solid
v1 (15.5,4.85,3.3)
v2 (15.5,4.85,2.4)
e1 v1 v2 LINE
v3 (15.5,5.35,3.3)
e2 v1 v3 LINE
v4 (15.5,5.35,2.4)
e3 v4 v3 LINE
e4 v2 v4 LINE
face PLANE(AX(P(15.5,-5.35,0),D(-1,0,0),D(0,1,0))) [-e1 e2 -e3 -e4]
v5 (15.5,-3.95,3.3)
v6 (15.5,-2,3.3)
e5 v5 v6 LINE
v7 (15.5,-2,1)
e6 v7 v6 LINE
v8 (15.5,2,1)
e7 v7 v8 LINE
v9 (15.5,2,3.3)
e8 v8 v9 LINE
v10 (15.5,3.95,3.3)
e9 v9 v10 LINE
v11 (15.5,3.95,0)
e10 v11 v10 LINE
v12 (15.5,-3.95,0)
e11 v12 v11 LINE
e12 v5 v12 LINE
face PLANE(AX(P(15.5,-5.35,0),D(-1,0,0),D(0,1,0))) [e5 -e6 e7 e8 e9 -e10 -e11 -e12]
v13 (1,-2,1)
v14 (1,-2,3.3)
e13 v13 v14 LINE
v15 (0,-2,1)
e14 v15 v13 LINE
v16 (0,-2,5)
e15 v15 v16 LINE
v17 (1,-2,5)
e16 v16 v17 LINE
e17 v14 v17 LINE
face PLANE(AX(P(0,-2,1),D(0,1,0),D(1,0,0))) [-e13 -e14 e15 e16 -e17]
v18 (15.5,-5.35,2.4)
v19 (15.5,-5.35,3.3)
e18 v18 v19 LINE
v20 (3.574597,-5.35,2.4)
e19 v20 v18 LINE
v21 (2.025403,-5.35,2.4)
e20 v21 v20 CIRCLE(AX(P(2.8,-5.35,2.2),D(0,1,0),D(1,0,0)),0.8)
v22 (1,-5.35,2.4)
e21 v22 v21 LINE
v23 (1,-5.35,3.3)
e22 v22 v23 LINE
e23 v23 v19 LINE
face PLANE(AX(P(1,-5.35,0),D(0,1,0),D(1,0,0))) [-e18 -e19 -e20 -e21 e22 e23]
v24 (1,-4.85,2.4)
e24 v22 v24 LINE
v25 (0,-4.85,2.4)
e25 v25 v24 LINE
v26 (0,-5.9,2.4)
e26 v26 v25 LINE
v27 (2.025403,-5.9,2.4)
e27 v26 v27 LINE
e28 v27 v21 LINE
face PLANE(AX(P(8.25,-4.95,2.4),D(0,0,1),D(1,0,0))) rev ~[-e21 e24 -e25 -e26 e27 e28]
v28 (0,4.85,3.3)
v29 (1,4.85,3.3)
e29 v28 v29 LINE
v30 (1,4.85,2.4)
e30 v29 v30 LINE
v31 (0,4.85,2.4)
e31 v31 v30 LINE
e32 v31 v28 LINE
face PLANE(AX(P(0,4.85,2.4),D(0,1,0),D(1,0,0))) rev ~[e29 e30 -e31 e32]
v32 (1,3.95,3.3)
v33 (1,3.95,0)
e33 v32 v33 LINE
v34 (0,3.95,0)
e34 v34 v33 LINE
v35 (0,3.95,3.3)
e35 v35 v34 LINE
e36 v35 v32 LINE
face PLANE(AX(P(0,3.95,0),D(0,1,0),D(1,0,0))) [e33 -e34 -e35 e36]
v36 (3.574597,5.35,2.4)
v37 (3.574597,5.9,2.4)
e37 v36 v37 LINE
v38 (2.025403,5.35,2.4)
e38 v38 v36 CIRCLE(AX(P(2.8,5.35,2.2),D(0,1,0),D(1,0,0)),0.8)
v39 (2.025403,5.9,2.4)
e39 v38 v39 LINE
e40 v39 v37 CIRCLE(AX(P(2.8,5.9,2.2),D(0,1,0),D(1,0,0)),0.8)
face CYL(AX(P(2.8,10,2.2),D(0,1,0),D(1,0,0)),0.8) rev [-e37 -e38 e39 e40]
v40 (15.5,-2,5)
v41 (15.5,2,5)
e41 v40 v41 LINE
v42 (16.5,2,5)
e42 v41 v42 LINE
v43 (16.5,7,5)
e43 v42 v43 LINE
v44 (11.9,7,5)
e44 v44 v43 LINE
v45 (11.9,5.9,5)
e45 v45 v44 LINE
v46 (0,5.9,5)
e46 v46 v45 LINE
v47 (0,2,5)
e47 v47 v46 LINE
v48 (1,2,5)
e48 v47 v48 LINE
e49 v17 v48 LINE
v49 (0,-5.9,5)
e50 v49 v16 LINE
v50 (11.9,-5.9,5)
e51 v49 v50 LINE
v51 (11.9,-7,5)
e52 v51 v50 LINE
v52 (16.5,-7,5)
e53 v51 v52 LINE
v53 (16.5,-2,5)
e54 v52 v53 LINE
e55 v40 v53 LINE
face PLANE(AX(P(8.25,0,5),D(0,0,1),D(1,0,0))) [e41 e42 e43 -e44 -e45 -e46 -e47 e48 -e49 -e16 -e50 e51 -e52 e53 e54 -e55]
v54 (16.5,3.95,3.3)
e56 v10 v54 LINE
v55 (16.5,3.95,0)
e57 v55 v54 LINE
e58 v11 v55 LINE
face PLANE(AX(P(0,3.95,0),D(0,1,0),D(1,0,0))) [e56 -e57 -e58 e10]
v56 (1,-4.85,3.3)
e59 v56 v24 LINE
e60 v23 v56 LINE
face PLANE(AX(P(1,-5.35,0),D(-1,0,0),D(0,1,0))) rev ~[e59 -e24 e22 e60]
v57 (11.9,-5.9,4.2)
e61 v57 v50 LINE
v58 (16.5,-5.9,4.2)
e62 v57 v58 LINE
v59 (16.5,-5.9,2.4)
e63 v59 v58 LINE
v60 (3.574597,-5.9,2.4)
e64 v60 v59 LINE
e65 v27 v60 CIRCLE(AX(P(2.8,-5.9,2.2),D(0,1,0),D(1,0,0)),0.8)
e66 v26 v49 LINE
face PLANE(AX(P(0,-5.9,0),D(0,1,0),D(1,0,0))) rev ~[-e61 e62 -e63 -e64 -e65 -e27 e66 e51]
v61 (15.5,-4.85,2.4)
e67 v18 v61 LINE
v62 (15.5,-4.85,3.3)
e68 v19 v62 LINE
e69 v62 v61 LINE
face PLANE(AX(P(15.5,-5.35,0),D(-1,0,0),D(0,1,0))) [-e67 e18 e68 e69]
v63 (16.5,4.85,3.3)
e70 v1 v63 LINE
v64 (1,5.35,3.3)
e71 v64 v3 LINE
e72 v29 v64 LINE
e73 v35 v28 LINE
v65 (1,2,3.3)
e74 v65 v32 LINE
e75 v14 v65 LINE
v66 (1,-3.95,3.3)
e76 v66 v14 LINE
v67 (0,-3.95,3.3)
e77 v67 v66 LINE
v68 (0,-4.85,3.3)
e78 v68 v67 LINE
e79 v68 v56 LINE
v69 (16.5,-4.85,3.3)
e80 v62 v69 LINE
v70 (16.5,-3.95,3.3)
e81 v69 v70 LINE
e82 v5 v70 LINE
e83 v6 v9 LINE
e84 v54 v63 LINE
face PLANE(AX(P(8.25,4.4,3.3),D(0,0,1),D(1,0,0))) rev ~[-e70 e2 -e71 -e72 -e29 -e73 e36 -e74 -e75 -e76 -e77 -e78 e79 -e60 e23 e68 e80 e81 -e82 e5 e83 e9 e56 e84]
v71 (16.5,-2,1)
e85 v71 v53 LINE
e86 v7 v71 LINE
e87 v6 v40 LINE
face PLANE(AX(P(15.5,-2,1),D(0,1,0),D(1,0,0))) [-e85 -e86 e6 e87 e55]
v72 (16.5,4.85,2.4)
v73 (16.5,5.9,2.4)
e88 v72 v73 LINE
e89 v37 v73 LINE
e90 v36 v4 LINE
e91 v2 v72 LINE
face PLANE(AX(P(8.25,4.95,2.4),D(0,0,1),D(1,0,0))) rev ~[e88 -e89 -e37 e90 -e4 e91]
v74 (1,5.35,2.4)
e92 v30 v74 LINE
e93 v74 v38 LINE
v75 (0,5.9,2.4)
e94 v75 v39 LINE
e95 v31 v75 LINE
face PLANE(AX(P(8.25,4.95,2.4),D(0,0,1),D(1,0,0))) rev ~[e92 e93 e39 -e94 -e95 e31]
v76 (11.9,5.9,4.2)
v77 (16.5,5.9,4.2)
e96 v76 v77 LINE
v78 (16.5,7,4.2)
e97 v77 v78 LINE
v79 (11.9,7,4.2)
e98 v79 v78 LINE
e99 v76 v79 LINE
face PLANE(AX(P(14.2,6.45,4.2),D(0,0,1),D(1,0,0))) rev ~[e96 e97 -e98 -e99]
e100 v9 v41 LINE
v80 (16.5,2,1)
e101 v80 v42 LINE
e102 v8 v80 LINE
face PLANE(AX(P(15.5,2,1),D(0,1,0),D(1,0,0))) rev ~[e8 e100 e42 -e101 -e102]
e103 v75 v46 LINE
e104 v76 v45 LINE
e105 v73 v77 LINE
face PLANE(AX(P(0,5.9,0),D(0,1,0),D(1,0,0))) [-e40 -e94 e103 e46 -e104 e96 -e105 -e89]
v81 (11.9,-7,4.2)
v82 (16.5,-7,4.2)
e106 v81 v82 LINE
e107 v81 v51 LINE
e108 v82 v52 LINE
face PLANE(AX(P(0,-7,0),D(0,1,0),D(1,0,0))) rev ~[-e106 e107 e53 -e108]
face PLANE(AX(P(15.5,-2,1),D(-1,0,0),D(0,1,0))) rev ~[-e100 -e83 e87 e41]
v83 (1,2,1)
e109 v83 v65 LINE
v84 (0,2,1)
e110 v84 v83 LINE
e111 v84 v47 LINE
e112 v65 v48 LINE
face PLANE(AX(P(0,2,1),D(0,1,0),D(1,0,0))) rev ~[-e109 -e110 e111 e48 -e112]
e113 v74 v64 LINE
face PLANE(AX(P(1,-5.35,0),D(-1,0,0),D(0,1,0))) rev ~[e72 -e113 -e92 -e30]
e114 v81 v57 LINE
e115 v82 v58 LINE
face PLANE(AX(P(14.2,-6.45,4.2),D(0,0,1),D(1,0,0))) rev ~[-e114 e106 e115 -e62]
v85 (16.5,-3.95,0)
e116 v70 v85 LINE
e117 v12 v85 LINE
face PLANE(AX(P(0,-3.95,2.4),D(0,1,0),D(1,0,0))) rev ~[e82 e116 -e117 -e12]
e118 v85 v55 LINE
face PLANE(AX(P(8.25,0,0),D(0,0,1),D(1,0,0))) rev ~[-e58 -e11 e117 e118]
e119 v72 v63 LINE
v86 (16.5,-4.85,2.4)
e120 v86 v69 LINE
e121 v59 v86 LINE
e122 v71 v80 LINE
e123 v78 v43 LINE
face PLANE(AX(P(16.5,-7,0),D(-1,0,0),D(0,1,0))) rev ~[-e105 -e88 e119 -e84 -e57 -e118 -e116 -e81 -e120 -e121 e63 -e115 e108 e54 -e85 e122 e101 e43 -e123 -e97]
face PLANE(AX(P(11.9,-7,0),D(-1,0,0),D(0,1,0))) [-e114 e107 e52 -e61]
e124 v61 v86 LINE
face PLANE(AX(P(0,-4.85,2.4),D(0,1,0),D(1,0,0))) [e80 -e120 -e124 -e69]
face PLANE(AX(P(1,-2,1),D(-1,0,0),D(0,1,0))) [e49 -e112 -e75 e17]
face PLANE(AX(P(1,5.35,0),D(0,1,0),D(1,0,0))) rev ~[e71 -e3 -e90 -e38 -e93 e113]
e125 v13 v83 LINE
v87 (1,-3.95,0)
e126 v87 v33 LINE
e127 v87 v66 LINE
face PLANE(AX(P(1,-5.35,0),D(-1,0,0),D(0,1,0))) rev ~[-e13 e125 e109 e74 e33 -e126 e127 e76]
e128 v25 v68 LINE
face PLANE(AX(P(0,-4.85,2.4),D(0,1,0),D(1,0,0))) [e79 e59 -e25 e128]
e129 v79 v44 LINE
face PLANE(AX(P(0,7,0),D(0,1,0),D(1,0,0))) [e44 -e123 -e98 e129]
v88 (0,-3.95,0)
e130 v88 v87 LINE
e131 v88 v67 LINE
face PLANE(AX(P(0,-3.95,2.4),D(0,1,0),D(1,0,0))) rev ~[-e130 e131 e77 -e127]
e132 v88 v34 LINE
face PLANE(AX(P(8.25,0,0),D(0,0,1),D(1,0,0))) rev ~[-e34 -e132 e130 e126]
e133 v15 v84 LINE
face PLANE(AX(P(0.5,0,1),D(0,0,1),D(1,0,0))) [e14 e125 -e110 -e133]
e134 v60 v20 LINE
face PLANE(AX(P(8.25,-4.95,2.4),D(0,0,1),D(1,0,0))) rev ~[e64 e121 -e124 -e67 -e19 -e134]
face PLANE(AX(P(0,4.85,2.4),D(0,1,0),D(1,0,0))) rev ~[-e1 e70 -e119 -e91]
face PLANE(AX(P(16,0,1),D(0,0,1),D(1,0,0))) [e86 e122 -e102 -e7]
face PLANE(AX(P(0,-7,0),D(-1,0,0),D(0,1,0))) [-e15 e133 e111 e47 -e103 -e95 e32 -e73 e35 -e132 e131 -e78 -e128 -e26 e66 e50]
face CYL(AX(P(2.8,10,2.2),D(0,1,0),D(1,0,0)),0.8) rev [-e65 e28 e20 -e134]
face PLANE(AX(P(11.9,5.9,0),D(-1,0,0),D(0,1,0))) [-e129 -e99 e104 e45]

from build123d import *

# Parameters (mm, degrees)
CYLINDER_R     = 0.8
CYLINDER_DEPTH = 20
BOX010_W       = 16.5
BOX010_H       = 0.9
BOX010_DEPTH   = 0.9
BOX011_W       = 16.5
BOX011_H       = 0.9
BOX011_DEPTH   = 0.9
BOX008_W       = 16.5
BOX008_H       = 2
BOX008_DEPTH   = 2.4
BOX009_W       = 16.5
BOX009_H       = 2
BOX009_DEPTH   = 2.4
BOX007_W       = 14.5
BOX007_H       = 10.7
BOX007_DEPTH   = 3.3
BOX004_W       = 11.9
BOX004_H       = 1.1
BOX004_DEPTH   = 5
BOX003_W       = 11.9
BOX003_H       = 1.1
BOX003_DEPTH   = 5
BOX005_W       = 4.6
BOX005_H       = 1.1
BOX005_DEPTH   = 4.2
BOX006_W       = 4.6
BOX006_H       = 1.1
BOX006_DEPTH   = 4.2
BOX002_W       = 1
BOX002_H       = 4
BOX002_DEPTH   = 4
BOX001_W       = 1
BOX001_H       = 4
BOX001_DEPTH   = 4
BOX_W          = 16.5
BOX_H          = 14
BOX_DEPTH      = 5


with BuildPart() as cylinder:
    # Cylinder → Cylinder (new body)
    with BuildSketch(Plane(origin=(2.8, 10, 2.2), x_dir=(1, 0, 0), z_dir=(0, -1, 0))):
        Circle(CYLINDER_R)
    extrude(amount=CYLINDER_DEPTH)


with BuildPart() as cube010:
    # Box010 → Box010 (new body)
    with BuildSketch(Plane(origin=(0, 3.95, 2.4), x_dir=(1, 0, 0), z_dir=(0, 0, 1))):
        with Locations((8.25, 0.45)):
            Rectangle(BOX010_W, BOX010_H)
    extrude(amount=BOX010_DEPTH)


with BuildPart() as compound002:
    # Box011 → Box011 (new body)
    with BuildSketch(Plane(origin=(0, -4.85, 2.4), x_dir=(1, 0, 0), z_dir=(0, 0, 1))):
        with Locations((8.25, 0.45)):
            Rectangle(BOX011_W, BOX011_H)
    extrude(amount=BOX011_DEPTH)

    # Compound002: union Cube010
    add(cube010.part)


with BuildPart() as cube008:
    # Box008 → Box008 (new body)
    with BuildSketch(Plane(origin=(0, -5.95, 0), x_dir=(1, 0, 0), z_dir=(0, 0, 1))):
        with Locations((8.25, 1)):
            Rectangle(BOX008_W, BOX008_H)
    extrude(amount=BOX008_DEPTH)


with BuildPart() as compound001:
    # Box009 → Box009 (new body)
    with BuildSketch(Plane(origin=(0, 3.95, 0), x_dir=(1, 0, 0), z_dir=(0, 0, 1))):
        with Locations((8.25, 1)):
            Rectangle(BOX009_W, BOX009_H)
    extrude(amount=BOX009_DEPTH)

    # Compound001: union Cube008
    add(cube008.part)


with BuildPart() as cube007:
    # Box007 → Box007 (new body)
    with BuildSketch(Plane(origin=(1, -5.35, 0), x_dir=(1, 0, 0), z_dir=(0, 0, 1))):
        with Locations((7.25, 5.35)):
            Rectangle(BOX007_W, BOX007_H)
    extrude(amount=BOX007_DEPTH)


with BuildPart() as cube004:
    # Box004 → Box004 (new body)
    with BuildSketch(Plane(origin=(0, 5.9, 0), x_dir=(1, 0, 0), z_dir=(0, 0, 1))):
        with Locations((5.95, 0.55)):
            Rectangle(BOX004_W, BOX004_H)
    extrude(amount=BOX004_DEPTH)


with BuildPart() as cube003:
    # Box003 → Box003 (new body)
    with BuildSketch(Plane(origin=(0, -7, 0), x_dir=(1, 0, 0), z_dir=(0, 0, 1))):
        with Locations((5.95, 0.55)):
            Rectangle(BOX003_W, BOX003_H)
    extrude(amount=BOX003_DEPTH)


with BuildPart() as cube005:
    # Box005 → Box005 (new body)
    with BuildSketch(Plane(origin=(11.9, -7, 0), x_dir=(1, 0, 0), z_dir=(0, 0, 1))):
        with Locations((2.3, 0.55)):
            Rectangle(BOX005_W, BOX005_H)
    extrude(amount=BOX005_DEPTH)


with BuildPart() as cube006:
    # Box006 → Box006 (new body)
    with BuildSketch(Plane(origin=(11.9, 5.9, 0), x_dir=(1, 0, 0), z_dir=(0, 0, 1))):
        with Locations((2.3, 0.55)):
            Rectangle(BOX006_W, BOX006_H)
    extrude(amount=BOX006_DEPTH)


with BuildPart() as cube002:
    # Box002 → Box002 (new body)
    with BuildSketch(Plane(origin=(0, -2, 1), x_dir=(1, 0, 0), z_dir=(0, 0, 1))):
        with Locations((0.5, 2)):
            Rectangle(BOX002_W, BOX002_H)
    extrude(amount=BOX002_DEPTH)


with BuildPart() as compound:
    # Box001 → Box001 (new body)
    with BuildSketch(Plane(origin=(15.5, -2, 1), x_dir=(1, 0, 0), z_dir=(0, 0, 1))):
        with Locations((0.5, 2)):
            Rectangle(BOX001_W, BOX001_H)
    extrude(amount=BOX001_DEPTH)

    # Compound: union Cube002
    add(cube002.part)


with BuildPart() as cut008:
    # Box → Box (new body)
    with BuildSketch(Plane(origin=(0, -7, 0), x_dir=(1, 0, 0), z_dir=(0, 0, 1))):
        with Locations((8.25, 7)):
            Rectangle(BOX_W, BOX_H)
    extrude(amount=BOX_DEPTH)

    # Cut: cut Compound
    add(compound.part, mode=Mode.SUBTRACT)

    # Cut001: cut Cube006
    add(cube006.part, mode=Mode.SUBTRACT)

    # Cut002: cut Cube005
    add(cube005.part, mode=Mode.SUBTRACT)

    # Cut003: cut Cube003
    add(cube003.part, mode=Mode.SUBTRACT)

    # Cut004: cut Cube004
    add(cube004.part, mode=Mode.SUBTRACT)

    # Cut005: cut Cube007
    add(cube007.part, mode=Mode.SUBTRACT)

    # Cut006: cut Compound001
    add(compound001.part, mode=Mode.SUBTRACT)

    # Cut007: cut Compound002
    add(compound002.part, mode=Mode.SUBTRACT)

    # Cut008: cut Cylinder
    add(cylinder.part, mode=Mode.SUBTRACT)


solid = cut008.part
